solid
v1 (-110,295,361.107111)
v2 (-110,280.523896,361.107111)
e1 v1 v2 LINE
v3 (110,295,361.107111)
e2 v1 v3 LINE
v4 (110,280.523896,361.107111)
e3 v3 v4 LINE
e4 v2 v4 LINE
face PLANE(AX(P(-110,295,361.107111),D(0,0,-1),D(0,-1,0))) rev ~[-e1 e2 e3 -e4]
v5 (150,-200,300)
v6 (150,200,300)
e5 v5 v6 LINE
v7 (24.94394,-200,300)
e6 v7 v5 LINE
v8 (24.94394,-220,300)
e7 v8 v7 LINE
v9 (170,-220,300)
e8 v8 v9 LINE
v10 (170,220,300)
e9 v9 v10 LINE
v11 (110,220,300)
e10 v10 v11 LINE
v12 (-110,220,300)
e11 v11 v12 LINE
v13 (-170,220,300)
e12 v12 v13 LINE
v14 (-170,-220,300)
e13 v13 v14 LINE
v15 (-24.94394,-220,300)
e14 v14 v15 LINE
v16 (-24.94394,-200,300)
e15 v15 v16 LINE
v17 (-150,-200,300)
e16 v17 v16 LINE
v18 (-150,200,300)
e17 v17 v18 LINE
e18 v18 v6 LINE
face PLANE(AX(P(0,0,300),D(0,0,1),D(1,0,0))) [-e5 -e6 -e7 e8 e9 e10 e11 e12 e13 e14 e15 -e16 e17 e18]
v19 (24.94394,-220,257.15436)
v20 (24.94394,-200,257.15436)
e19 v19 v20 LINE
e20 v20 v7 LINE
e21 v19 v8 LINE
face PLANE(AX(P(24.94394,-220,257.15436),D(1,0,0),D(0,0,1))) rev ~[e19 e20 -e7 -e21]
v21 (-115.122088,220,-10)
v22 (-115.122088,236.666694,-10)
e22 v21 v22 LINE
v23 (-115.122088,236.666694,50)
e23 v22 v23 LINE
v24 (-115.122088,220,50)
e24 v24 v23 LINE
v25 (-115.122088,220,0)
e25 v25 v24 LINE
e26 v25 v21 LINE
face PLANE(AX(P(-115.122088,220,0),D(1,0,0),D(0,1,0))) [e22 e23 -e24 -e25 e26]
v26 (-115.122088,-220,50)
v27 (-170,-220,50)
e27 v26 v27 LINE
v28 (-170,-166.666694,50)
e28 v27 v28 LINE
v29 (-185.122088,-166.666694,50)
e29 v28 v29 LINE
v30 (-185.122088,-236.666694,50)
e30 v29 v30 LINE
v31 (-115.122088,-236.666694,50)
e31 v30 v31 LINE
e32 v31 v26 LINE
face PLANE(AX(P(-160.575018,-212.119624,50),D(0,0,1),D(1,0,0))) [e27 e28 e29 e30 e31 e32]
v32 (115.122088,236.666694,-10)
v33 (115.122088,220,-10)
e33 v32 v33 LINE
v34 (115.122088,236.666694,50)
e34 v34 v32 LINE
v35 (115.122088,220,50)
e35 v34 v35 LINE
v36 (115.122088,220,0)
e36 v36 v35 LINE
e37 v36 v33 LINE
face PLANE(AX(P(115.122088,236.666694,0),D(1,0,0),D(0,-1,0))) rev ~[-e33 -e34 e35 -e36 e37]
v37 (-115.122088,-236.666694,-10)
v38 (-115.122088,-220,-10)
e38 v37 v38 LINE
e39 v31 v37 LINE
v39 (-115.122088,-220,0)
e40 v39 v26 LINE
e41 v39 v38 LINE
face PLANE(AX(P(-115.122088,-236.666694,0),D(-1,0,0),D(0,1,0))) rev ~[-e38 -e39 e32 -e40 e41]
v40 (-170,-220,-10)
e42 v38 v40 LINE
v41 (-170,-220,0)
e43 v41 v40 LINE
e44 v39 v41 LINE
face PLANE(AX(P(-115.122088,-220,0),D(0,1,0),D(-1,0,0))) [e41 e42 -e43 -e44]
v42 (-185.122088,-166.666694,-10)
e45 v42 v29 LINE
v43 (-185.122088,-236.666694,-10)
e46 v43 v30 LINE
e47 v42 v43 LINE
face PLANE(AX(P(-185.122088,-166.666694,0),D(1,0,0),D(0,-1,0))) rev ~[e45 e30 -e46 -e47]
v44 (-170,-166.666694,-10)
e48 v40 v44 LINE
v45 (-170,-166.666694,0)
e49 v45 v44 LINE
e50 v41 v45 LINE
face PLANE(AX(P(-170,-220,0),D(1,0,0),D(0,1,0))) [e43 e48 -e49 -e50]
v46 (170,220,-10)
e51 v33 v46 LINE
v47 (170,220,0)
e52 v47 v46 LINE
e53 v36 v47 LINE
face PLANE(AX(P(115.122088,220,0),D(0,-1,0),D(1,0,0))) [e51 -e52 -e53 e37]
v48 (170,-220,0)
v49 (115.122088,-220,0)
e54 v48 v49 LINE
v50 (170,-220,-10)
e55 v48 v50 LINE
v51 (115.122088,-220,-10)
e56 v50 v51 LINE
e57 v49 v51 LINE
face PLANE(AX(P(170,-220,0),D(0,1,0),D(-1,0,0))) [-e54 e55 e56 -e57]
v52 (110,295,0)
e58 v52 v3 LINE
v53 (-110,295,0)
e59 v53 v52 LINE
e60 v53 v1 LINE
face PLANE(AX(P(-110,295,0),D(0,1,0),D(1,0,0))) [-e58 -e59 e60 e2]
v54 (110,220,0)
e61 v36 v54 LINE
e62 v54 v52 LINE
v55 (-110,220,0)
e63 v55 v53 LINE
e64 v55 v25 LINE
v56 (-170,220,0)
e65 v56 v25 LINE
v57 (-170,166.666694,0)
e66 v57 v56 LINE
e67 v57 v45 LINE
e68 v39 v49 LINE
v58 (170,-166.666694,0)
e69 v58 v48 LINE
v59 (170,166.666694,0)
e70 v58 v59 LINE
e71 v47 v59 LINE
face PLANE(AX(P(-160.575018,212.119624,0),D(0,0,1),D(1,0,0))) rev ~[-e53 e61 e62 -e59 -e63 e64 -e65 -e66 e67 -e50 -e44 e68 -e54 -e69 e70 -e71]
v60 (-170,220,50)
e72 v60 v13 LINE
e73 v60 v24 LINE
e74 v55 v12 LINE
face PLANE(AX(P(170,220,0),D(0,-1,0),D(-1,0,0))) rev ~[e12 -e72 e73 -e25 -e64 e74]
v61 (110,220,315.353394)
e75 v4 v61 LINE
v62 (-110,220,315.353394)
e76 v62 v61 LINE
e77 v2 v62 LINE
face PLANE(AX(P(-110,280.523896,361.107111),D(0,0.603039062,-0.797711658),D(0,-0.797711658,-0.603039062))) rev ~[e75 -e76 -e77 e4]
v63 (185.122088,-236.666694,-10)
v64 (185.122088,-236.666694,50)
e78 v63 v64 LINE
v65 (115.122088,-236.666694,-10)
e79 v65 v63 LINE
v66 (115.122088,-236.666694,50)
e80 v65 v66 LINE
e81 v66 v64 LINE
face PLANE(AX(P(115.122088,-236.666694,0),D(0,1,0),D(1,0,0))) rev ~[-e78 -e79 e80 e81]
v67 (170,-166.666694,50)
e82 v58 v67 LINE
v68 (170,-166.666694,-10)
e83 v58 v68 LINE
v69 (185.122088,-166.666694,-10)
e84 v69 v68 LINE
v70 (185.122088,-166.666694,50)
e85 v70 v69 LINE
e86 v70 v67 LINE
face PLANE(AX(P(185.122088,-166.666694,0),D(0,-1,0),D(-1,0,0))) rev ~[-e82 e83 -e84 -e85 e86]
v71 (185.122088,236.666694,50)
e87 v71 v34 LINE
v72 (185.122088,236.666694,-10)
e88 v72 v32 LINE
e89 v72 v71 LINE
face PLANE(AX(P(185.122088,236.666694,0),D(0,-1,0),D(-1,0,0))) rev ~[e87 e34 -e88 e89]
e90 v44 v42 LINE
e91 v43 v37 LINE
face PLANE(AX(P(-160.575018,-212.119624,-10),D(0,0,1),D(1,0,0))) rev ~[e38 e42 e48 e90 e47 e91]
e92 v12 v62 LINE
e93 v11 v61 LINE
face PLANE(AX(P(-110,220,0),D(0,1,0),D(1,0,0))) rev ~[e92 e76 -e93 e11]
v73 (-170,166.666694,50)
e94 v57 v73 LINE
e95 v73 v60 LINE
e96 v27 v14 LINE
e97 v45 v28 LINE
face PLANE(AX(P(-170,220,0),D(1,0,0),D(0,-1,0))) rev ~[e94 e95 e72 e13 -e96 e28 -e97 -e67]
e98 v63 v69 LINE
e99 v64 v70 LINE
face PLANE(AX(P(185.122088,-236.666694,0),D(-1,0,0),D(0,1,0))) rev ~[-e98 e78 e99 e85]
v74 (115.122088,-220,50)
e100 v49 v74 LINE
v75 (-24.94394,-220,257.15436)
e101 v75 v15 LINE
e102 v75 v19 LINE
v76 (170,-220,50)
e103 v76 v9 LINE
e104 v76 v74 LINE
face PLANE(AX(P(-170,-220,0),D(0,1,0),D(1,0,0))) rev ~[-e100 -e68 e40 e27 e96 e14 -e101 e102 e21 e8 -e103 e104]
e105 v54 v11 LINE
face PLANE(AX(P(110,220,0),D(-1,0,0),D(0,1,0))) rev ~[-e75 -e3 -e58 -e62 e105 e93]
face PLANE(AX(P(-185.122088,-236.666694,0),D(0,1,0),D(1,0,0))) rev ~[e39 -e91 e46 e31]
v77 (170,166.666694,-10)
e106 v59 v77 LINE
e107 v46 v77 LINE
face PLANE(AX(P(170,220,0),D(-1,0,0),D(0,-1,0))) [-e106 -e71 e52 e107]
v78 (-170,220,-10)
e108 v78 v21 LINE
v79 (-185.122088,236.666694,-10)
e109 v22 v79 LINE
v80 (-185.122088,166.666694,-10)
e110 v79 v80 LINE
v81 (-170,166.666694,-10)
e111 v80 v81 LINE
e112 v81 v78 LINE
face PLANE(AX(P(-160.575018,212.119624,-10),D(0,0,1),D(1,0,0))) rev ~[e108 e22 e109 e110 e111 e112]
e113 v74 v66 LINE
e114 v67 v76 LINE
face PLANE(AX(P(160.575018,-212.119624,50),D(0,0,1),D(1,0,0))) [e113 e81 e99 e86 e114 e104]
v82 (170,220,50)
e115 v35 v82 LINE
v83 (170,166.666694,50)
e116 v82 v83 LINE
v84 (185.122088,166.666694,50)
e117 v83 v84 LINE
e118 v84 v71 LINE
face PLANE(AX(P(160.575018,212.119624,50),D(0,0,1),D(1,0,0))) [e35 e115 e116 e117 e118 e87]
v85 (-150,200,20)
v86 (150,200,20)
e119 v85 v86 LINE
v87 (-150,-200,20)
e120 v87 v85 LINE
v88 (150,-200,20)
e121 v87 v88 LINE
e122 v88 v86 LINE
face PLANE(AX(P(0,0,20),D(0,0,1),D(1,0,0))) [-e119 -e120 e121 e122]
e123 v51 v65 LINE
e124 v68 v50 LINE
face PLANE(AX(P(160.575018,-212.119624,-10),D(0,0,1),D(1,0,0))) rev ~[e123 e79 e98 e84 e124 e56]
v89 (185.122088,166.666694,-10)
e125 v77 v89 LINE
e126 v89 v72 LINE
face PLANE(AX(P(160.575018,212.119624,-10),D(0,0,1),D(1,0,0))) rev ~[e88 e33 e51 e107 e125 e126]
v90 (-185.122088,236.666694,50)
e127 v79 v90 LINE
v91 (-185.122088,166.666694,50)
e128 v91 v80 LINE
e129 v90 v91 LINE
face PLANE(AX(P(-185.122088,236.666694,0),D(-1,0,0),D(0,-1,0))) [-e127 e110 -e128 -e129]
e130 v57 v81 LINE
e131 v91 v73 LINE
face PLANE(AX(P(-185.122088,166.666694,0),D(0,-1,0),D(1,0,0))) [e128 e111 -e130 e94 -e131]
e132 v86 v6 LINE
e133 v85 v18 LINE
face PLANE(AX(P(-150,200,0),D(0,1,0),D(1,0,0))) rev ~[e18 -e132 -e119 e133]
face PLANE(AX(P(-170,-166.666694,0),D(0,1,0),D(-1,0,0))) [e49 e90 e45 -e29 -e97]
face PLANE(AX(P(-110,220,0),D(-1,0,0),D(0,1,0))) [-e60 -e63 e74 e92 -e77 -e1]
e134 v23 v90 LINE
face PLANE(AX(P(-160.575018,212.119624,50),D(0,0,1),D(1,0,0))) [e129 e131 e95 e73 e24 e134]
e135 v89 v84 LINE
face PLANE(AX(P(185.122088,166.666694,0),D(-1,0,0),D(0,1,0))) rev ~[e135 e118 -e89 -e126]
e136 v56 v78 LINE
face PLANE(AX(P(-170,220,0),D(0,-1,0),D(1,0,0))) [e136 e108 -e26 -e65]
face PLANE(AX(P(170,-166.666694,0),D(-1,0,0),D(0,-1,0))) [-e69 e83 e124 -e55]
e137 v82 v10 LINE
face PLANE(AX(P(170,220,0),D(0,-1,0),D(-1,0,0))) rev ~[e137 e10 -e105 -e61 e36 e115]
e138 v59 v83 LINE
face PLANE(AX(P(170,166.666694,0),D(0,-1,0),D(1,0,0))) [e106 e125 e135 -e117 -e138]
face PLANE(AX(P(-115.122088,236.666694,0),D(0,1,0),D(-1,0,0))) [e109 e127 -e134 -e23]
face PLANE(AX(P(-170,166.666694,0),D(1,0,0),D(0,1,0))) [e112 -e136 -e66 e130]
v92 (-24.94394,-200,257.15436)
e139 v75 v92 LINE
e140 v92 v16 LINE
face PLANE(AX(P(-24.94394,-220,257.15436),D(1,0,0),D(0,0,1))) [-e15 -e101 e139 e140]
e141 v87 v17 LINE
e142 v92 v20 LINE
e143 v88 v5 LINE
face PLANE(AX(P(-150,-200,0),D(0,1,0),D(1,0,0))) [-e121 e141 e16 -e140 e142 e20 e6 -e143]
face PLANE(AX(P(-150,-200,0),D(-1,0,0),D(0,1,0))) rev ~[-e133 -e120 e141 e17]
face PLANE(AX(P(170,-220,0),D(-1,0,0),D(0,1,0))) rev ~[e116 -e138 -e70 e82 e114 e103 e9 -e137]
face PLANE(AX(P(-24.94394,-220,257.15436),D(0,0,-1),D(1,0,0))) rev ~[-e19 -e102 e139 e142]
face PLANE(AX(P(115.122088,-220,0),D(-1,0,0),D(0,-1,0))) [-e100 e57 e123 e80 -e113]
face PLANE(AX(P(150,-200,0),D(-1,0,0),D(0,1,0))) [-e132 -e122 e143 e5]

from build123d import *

# Parameters (mm, degrees)
F0_W          = 300
F0_H          = 400
F1_DEPTH      = 300
F0_W_2        = 220
F0_H_2        = 75
F2_DEPTH      = 400
F3_DEPTH      = 300
F4_DEPTH      = 20
F6_DEPTH      = 220
F7_W          = 49.88788
F7_H          = 42.84564
F8_DEPTH      = 20
F9_DEPTH      = 50
F9_DEPTH_BACK = 10


with BuildPart() as f1:
    # F0 (on Top) → F1 (new body)
    with BuildSketch(Plane.XY):
        Rectangle(F0_W, F0_H)
        Polygon((170, 166.666694), (170, 220), (115.122088, 220), (110, 220), (-110, 220), (-115.122088, 220), (-170, 220), (-170, 166.666694), (-170, -166.666694), (-170, -220), (-115.122088, -220), (115.122088, -220), (170, -220), (170, -166.666694), align=None)
        Rectangle(F0_W, F0_H, mode=Mode.SUBTRACT)
    extrude(amount=F1_DEPTH)

    # F0 (on Top) → F2 (join)
    with BuildSketch(Plane.XY):
        with Locations((0, 257.5)):
            Rectangle(F0_W_2, F0_H_2)
    extrude(amount=F2_DEPTH)

    # F0 (on Top) → F3 (cut)
    with BuildSketch(Plane.XY):
        Rectangle(F0_W, F0_H)
    extrude(amount=F3_DEPTH, mode=Mode.SUBTRACT)

    # F0 (on Top) → F4 (join)
    with BuildSketch(Plane.XY):
        Rectangle(F0_W, F0_H)
    extrude(amount=F4_DEPTH)

    # F5 (on face) → F6 (cut, through all)
    with BuildSketch(Plane(origin=(-110, 0, 0), x_dir=(0, -1, 0), z_dir=(-1, 0, 0))):
        Polygon((-295, 400), (-295, 361.107111), (-280.523896, 361.107111), (-220, 315.353394), (-220, 400), align=None)
    extrude(amount=-F6_DEPTH, mode=Mode.SUBTRACT)

    # F7 (on face) → F8 (cut, through all)
    with BuildSketch(Plane.XZ.offset(220)):
        with Locations((0, 278.57718)):
            Rectangle(F7_W, F7_H)
    extrude(amount=-F8_DEPTH, mode=Mode.SUBTRACT)

    # F0 (on Top) → F9 (join, two sides)
    with BuildSketch(Plane.XY) as f9_sk:
        Polygon((-170, 220), (-115.122088, 220), (-115.122088, 236.666694), (-185.122088, 236.666694), (-185.122088, 166.666694), (-170, 166.666694), align=None)
        Polygon((-115.122088, -236.666694), (-115.122088, -220), (-170, -220), (-170, -166.666694), (-185.122088, -166.666694), (-185.122088, -236.666694), align=None)
        Polygon((185.122088, -166.666694), (170, -166.666694), (170, -220), (115.122088, -220), (115.122088, -236.666694), (185.122088, -236.666694), align=None)
        Polygon((115.122088, 220), (170, 220), (170, 166.666694), (185.122088, 166.666694), (185.122088, 236.666694), (115.122088, 236.666694), align=None)
    extrude(amount=F9_DEPTH)
    extrude(f9_sk.sketch, amount=-F9_DEPTH_BACK)


solid = f1.part
